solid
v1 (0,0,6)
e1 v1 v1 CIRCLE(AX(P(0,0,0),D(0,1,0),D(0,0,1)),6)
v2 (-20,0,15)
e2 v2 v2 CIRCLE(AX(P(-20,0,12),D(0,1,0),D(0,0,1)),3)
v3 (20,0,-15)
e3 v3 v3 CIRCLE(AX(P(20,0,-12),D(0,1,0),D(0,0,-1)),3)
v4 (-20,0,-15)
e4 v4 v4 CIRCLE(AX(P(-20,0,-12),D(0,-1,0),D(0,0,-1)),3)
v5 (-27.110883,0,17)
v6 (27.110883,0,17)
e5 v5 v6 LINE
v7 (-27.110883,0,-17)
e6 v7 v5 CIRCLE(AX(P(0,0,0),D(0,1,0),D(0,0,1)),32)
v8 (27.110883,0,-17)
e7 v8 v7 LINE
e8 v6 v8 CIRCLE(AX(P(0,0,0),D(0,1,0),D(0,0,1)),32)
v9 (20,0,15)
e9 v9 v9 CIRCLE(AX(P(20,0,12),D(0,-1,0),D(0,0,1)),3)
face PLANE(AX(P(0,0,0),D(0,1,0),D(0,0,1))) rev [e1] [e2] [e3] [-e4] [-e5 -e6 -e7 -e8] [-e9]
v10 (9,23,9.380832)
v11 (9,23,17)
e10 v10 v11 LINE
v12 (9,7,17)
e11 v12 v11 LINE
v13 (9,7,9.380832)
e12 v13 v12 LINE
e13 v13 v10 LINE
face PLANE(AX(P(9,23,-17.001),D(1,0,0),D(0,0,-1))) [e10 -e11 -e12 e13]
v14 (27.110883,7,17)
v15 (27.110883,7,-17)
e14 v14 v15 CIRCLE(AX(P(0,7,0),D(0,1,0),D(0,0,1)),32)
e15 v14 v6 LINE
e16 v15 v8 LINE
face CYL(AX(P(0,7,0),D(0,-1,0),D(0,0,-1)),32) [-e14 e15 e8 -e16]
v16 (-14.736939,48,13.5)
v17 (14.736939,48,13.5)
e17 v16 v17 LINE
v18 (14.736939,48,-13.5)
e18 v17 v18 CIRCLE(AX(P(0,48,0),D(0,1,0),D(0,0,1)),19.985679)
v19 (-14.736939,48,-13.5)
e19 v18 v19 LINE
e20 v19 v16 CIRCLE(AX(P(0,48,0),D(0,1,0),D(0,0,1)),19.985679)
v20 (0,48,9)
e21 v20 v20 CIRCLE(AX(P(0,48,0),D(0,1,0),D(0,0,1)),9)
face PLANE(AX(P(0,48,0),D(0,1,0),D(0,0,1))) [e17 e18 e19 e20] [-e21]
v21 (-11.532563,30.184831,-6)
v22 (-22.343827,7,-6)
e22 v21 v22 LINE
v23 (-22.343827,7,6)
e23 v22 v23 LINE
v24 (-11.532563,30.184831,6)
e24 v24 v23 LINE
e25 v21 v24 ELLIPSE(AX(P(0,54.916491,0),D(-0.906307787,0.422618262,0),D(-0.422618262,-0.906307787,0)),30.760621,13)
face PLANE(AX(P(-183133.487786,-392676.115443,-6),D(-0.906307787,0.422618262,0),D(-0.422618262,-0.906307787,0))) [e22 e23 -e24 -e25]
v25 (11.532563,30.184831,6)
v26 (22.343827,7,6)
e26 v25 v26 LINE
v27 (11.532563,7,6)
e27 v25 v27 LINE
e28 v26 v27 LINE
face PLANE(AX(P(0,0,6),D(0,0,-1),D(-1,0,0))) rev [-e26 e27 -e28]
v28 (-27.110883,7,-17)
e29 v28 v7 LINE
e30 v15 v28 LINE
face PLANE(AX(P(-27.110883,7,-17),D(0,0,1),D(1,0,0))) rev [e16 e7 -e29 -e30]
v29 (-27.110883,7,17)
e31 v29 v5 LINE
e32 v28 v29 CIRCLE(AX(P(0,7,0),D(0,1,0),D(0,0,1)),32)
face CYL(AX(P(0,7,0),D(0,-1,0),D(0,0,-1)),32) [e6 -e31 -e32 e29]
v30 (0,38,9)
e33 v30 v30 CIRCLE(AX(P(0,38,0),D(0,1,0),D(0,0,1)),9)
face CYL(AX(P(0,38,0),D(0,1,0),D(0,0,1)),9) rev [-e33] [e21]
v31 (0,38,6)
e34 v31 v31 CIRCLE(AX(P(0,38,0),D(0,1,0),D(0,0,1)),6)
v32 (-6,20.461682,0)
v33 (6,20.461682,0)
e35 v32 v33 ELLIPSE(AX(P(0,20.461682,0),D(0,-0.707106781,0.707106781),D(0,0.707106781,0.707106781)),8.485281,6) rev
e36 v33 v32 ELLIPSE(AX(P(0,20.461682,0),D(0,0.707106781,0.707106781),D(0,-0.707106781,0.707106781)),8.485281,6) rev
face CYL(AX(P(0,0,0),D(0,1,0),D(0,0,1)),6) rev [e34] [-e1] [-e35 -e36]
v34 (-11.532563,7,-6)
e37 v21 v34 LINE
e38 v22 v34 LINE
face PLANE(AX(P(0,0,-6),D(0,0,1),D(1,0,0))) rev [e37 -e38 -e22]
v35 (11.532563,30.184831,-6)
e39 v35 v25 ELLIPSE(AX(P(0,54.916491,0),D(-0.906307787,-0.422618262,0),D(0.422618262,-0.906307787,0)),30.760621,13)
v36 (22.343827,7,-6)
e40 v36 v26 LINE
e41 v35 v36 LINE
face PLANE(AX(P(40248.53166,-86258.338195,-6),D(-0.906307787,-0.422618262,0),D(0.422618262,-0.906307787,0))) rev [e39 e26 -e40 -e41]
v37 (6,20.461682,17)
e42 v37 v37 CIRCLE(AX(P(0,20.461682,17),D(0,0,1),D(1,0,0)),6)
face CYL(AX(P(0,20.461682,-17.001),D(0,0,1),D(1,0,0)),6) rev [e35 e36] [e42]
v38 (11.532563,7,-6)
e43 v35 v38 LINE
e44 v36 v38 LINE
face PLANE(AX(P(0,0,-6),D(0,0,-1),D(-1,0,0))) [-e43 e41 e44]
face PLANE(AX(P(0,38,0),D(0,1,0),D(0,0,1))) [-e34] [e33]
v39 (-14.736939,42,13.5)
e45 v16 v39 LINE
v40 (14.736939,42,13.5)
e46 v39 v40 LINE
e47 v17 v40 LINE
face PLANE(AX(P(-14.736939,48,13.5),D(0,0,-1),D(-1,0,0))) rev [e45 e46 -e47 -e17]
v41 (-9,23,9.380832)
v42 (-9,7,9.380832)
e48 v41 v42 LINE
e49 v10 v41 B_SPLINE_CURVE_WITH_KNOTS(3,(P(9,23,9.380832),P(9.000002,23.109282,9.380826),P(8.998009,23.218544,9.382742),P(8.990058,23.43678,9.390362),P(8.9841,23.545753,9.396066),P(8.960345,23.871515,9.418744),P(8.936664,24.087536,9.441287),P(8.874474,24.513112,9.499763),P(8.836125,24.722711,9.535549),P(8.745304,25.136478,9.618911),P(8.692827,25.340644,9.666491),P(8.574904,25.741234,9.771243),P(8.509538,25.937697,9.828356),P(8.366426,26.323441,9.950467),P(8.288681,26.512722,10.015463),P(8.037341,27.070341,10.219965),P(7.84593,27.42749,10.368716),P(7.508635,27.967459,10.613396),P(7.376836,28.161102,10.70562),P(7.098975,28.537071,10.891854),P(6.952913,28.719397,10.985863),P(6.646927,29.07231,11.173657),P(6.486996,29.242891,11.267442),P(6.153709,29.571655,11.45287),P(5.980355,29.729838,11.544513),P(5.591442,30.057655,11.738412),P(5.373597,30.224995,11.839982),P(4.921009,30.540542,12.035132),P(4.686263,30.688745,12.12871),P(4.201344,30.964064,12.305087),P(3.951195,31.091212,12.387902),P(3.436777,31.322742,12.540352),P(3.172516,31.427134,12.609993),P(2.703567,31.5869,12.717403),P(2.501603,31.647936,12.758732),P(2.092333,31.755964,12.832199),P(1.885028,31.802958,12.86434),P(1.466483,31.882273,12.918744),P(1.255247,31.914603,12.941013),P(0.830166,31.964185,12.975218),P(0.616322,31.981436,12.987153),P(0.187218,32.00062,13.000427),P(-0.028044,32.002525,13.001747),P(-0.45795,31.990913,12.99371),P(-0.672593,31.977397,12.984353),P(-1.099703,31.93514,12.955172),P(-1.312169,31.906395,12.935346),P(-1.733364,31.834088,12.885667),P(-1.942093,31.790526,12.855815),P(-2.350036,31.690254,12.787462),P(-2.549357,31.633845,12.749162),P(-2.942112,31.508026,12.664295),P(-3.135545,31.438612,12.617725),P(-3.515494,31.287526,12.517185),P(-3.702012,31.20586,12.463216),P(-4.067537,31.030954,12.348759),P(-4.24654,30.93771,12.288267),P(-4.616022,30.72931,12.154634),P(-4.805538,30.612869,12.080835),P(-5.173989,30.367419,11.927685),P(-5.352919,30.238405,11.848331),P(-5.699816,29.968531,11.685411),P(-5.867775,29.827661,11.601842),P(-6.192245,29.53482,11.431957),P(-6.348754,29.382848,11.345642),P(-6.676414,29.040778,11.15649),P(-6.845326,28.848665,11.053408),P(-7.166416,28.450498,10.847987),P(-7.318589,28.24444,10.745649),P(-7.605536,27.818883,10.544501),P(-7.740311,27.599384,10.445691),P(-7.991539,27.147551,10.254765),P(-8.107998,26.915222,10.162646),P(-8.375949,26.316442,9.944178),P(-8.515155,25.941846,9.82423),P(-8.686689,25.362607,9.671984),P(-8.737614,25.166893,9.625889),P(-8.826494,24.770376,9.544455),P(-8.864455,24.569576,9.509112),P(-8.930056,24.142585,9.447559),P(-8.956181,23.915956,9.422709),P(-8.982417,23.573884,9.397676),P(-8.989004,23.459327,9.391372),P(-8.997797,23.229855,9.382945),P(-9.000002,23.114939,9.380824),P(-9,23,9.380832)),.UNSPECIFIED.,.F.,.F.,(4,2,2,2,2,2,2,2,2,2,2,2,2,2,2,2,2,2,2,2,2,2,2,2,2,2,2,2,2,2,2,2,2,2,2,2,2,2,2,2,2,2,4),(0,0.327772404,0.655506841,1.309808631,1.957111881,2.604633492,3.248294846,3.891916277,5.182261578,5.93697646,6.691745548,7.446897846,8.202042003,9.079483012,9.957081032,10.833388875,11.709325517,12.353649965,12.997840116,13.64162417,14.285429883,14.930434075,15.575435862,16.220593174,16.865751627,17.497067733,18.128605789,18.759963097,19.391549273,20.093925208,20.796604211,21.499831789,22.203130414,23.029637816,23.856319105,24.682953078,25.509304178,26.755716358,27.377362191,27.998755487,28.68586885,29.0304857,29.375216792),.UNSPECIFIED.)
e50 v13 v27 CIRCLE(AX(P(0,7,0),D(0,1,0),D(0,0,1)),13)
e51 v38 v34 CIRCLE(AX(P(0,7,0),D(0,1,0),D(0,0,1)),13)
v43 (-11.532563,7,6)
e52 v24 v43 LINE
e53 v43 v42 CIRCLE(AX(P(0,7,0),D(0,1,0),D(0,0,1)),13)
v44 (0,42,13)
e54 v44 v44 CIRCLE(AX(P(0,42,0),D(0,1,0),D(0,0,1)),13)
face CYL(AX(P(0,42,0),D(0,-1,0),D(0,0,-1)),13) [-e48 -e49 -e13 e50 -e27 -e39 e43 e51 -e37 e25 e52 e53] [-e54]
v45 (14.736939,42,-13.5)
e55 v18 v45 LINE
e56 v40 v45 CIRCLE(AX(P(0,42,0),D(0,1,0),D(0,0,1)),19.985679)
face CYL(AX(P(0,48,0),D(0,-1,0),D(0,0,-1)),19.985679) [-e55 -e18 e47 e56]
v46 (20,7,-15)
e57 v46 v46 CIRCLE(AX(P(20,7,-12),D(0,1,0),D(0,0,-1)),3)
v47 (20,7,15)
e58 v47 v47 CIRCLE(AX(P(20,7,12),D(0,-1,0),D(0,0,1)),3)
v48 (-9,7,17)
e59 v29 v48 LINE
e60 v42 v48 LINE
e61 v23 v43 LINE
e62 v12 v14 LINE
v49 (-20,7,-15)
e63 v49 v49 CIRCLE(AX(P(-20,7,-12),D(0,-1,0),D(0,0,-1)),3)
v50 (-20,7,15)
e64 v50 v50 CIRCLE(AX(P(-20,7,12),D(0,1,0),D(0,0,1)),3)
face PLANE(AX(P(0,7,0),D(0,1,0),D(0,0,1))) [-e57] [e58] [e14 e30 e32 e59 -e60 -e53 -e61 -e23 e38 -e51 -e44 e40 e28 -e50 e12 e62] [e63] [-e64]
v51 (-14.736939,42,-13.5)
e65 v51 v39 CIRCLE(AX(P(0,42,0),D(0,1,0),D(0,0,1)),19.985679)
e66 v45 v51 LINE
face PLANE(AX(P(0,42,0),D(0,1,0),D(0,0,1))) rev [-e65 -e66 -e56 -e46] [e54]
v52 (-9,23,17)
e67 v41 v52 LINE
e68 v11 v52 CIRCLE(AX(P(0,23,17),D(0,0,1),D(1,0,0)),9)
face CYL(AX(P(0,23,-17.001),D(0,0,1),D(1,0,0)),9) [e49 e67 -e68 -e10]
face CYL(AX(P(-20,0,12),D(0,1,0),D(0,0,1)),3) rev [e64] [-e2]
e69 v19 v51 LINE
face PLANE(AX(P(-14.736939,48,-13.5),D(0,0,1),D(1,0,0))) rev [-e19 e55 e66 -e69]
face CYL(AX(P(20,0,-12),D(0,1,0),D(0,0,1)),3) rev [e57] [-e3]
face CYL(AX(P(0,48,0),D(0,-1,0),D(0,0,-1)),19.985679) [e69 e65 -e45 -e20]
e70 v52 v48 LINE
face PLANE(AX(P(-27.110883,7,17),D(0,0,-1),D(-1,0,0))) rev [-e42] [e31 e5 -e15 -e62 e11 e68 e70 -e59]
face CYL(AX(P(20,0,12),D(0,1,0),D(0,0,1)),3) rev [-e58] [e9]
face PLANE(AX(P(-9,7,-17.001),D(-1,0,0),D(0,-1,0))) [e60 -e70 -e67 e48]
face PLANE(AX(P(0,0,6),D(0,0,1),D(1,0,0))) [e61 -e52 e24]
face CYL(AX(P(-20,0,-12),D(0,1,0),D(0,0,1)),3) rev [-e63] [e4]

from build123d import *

# Parameters (mm, degrees)
EXTRUDE_1_DEPTH          = 7
SKETCH_2_R               = 3
CUT_EXTRUDE_1_DEPTH      = 8
MIRROR_2_COPY_1_SKETCH_R = 3
MIRROR_2_COPY_1_DEPTH    = 8
SKETCH_3_R               = 13
EXTRUDE_2_DEPTH          = 35
EXTRUDE_3_DEPTH          = 6
SKETCH_5_R               = 9
CUT_EXTRUDE_2_DEPTH      = 10
SKETCH_6_R               = 6
CUT_EXTRUDE_3_DEPTH      = 39
EXTRUDE_4_REACH          = 36
CUT_EXTRUDE_4_REACH      = 36
SKETCH_8_R               = 6
EXTRUDE_6_DEPTH          = 6


with BuildPart() as part:
    # 草图1 → 凸台-拉伸1 (new body)
    with BuildSketch(Plane(origin=(0, 0, 0), x_dir=(1, 0, 0), z_dir=(0, 1, 0))):
        with BuildLine():
            Line((-27.110883423, 17), (27.110883423, 17))
            ThreePointArc((27.110883423, 17), (32, 0), (27.110883423, -17))
            Line((27.110883423, -17), (-27.110883423, -17))
            ThreePointArc((-27.110883423, -17), (-32, 0), (-27.110883423, 17))
        make_face()
    extrude(amount=EXTRUDE_1_DEPTH)

    # 草图2 → 切除-拉伸1 (cut, through all)
    with BuildSketch(Plane(origin=(0, 7, 0), x_dir=(1, 0, 0), z_dir=(0, 1, 0))):
        with Locations((-20, -12)):
            Circle(SKETCH_2_R)
    cut_extrude_1 = extrude(amount=-CUT_EXTRUDE_1_DEPTH, mode=Mode.SUBTRACT)

    # 镜向1: 切除-拉伸1 across plane
    add(cut_extrude_1.mirror(Plane(origin=(0, 0, 0), x_dir=(0, 0, 1), z_dir=(1, 0, 0))), mode=Mode.SUBTRACT)

    # 镜向2: 切除-拉伸1 across plane
    add(cut_extrude_1.mirror(Plane.XY), mode=Mode.SUBTRACT)

    # 镜向2 copy 1 sketch → 镜向2 copy 1 (cut, through all)
    with BuildSketch(Plane(origin=(0, 7, 0), x_dir=(-1, 0, 0), z_dir=(0, 1, 0))):
        with Locations((-20, -12)):
            Circle(MIRROR_2_COPY_1_SKETCH_R)
    extrude(amount=-MIRROR_2_COPY_1_DEPTH, mode=Mode.SUBTRACT)

    # 草图3 → 凸台-拉伸2 (add)
    with BuildSketch(Plane(origin=(0, 7, 0), x_dir=(1, 0, 0), z_dir=(0, 1, 0))):
        Circle(SKETCH_3_R)
    extrude(amount=EXTRUDE_2_DEPTH)

    # 草图4 → 凸台-拉伸3 (add)
    with BuildSketch(Plane(origin=(0, 42, 0), x_dir=(1, 0, 0), z_dir=(0, 1, 0))):
        with BuildLine():
            Line((-14.736938996, 13.5), (14.736938996, 13.5))
            ThreePointArc((14.736938996, 13.5), (19.985679147, 0), (14.736938996, -13.5))
            Line((14.736938996, -13.5), (-14.736938996, -13.5))
            ThreePointArc((-14.736938996, -13.5), (-19.985679147, 0), (-14.736938996, 13.5))
        make_face()
    extrude(amount=EXTRUDE_3_DEPTH)

    # 草图5 → 切除-拉伸2 (cut)
    with BuildSketch(Plane(origin=(0, 48, 0), x_dir=(1, 0, 0), z_dir=(0, 1, 0))):
        Circle(SKETCH_5_R)
    extrude(amount=-CUT_EXTRUDE_2_DEPTH, mode=Mode.SUBTRACT)

    # 草图6 → 切除-拉伸3 (cut, through all)
    with BuildSketch(Plane(origin=(0, 38, 0), x_dir=(1, 0, 0), z_dir=(0, 1, 0))):
        Circle(SKETCH_6_R)
    extrude(amount=-CUT_EXTRUDE_3_DEPTH, mode=Mode.SUBTRACT)

    # 草图7 → 凸台-拉伸4 (add, up to next)
    with BuildSketch(Plane.XY.offset(17), mode=Mode.PRIVATE) as extrude_4_sk1:
        with BuildLine():
            Line((-9, 7), (-9, 23))
            ThreePointArc((-9, 23), (0, 32), (9, 23))
            Line((9, 23), (9, 7))
            Line((9, 7), (-9, 7))
        make_face()
    extrude_4_tool1 = extrude(extrude_4_sk1.sketch, amount=-EXTRUDE_4_REACH, mode=Mode.PRIVATE) - part.part
    add(extrude_4_tool1.solids().sort_by_distance((0, 18.621751, 17))[0])

    # 草图8 → 切除-拉伸4 (cut, up to next)
    with BuildSketch(Plane.XY.offset(17), mode=Mode.PRIVATE) as cut_extrude_4_sk1:
        with Locations((0, 20.461682424)):
            Circle(SKETCH_8_R)
    cut_extrude_4_tool1 = extrude(cut_extrude_4_sk1.sketch, amount=-CUT_EXTRUDE_4_REACH, mode=Mode.PRIVATE) & part.part
    add(cut_extrude_4_tool1.solids().sort_by_distance((0, 20.461682, 17))[0], mode=Mode.SUBTRACT)

    # 草图10 → 凸台-拉伸6 (add, symmetric)
    with BuildSketch(Plane.XY):
        Polygon((-10.493273041, 6.945714178), (-22.343826616, 7), (-14.941545846, 22.874242338), (-10.666084354, 32.042999097), align=None)
    extrude_6 = extrude(amount=EXTRUDE_6_DEPTH, both=True)

    # 镜向4: 凸台-拉伸6 across plane
    add(extrude_6.mirror(Plane(origin=(0, 0, 0), x_dir=(0, 0, 1), z_dir=(1, 0, 0))))


solid = part.part
